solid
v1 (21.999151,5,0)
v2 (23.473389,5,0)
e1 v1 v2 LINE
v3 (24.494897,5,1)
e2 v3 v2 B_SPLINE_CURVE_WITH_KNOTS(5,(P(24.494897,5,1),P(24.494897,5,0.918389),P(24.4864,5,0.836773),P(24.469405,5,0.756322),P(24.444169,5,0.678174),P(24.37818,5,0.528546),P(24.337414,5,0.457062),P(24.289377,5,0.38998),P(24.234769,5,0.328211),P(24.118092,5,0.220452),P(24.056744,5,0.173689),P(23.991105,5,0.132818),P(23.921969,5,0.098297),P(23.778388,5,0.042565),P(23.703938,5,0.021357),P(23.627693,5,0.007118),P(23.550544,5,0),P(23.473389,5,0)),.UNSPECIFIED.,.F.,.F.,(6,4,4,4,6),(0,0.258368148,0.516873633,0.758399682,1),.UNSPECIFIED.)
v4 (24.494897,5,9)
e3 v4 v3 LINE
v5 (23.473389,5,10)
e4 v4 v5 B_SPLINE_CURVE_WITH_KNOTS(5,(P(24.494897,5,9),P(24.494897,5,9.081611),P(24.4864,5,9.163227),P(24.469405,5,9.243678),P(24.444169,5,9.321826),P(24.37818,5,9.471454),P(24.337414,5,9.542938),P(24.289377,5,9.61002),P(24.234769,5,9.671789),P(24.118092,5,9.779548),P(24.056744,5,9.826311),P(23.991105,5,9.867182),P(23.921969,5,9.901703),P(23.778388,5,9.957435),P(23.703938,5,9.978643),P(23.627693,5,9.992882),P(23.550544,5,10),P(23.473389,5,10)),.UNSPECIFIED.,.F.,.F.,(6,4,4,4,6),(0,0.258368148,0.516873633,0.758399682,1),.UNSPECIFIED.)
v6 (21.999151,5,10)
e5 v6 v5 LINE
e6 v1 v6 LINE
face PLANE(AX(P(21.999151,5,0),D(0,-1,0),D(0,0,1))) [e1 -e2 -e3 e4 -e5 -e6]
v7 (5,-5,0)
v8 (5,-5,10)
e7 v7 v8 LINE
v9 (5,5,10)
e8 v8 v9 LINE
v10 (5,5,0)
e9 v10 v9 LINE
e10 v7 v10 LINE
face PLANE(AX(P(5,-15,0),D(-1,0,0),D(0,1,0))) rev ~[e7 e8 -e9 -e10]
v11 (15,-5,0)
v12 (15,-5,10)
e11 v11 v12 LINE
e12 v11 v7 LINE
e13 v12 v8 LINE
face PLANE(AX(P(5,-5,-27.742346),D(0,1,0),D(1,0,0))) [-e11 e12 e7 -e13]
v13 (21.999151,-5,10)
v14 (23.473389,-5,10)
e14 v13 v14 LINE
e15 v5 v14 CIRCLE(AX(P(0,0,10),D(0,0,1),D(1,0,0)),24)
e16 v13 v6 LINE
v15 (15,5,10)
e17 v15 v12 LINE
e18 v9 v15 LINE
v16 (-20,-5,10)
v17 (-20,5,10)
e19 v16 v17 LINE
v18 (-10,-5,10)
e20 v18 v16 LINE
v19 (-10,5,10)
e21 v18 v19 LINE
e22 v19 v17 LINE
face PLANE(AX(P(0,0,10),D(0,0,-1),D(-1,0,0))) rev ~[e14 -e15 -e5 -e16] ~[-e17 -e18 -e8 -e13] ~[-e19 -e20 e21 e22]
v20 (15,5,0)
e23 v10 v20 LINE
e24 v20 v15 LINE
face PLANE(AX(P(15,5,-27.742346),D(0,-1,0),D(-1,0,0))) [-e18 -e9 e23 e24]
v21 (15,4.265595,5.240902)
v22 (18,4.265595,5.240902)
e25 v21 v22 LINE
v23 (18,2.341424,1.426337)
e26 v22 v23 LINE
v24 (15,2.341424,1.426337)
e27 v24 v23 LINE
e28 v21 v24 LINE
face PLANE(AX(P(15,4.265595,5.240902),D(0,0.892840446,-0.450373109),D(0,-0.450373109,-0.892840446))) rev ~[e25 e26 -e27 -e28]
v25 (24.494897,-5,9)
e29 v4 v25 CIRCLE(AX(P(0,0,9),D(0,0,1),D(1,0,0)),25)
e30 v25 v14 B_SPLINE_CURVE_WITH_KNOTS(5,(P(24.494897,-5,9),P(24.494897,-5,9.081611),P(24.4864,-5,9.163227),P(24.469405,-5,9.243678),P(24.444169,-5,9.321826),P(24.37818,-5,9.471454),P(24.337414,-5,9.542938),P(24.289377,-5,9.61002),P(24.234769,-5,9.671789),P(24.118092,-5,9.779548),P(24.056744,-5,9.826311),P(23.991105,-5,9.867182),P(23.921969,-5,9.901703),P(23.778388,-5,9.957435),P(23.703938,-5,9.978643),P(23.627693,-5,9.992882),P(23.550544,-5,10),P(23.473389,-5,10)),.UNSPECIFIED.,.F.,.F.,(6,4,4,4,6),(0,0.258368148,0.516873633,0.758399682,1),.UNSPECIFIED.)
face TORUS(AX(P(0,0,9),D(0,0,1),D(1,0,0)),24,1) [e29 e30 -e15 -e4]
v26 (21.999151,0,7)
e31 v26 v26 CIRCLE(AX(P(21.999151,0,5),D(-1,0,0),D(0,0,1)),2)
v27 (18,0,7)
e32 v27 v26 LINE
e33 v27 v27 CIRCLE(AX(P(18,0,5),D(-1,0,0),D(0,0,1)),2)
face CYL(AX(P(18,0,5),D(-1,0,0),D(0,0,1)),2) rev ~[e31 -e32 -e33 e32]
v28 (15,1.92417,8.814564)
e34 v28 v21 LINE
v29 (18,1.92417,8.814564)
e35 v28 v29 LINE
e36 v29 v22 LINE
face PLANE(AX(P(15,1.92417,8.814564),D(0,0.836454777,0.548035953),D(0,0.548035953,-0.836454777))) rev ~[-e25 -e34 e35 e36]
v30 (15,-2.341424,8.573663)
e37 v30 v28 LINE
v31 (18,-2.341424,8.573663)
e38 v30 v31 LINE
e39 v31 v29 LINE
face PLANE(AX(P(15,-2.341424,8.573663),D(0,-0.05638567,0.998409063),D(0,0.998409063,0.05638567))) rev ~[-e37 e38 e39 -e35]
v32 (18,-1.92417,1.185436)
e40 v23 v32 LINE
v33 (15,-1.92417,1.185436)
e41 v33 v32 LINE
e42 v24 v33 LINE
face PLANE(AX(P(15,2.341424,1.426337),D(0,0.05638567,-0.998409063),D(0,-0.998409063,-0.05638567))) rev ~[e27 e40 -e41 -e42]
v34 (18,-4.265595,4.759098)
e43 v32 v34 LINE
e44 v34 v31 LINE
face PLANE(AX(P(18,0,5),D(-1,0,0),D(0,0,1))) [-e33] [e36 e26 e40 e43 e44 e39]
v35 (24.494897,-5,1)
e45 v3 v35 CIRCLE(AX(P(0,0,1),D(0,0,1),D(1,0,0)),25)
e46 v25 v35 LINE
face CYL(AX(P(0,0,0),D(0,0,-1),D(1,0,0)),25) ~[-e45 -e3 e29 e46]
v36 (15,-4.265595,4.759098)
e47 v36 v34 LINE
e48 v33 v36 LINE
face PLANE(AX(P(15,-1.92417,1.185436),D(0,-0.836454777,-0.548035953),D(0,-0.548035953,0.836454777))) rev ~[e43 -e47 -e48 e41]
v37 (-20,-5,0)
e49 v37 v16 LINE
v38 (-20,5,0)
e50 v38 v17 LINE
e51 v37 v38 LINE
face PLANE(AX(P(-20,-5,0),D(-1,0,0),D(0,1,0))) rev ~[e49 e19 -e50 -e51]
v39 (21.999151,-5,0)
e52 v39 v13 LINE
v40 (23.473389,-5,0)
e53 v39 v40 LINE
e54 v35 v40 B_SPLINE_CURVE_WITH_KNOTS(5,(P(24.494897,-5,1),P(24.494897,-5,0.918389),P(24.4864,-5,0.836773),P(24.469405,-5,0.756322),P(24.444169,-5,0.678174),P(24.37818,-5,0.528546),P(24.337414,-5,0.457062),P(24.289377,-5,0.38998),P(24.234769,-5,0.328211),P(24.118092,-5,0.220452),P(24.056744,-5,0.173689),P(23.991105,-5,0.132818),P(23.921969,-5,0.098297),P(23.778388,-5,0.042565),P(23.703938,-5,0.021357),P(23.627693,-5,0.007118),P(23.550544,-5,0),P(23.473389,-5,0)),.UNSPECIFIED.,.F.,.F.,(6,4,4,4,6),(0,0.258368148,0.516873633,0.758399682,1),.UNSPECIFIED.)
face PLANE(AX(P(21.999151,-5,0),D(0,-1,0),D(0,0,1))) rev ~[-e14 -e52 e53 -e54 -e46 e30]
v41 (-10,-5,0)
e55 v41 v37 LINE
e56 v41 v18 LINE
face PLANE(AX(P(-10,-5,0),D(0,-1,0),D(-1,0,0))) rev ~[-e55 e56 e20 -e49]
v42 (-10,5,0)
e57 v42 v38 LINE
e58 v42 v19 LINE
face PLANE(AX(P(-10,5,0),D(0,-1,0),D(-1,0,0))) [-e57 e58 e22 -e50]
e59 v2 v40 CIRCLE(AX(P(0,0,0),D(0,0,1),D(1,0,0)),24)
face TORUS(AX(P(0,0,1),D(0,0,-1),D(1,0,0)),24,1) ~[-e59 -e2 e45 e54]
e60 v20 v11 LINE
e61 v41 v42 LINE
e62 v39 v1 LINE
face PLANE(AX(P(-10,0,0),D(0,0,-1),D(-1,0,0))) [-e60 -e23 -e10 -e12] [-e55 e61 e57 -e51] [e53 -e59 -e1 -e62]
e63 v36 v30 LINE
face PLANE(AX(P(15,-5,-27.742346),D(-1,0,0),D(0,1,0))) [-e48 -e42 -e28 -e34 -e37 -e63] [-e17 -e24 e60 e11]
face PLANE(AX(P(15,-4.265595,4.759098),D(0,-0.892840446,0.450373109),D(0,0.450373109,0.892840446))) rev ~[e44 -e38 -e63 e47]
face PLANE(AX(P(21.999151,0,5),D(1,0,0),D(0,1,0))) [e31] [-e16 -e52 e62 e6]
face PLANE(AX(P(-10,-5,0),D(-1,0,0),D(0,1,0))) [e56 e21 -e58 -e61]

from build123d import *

# Parameters (mm, degrees)
SKETCH1_R               = 25
BOSS_EXTRUDE1_DEPTH     = 10
CUT_EXTRUDE1_DEPTH      = 37.742346142
CUT_EXTRUDE1_DEPTH_BACK = 37.742346142
CUT_EXTRUDE2_DEPTH      = 3
SKETCH5_R               = 2
CUT_EXTRUDE4_DEPTH      = 13
FILLET1_R               = 1
CUT_EXTRUDE6_DEPTH      = 3
CUT_EXTRUDE6_DEPTH_BACK = 3
SKETCH6_W               = 10
SKETCH6_H               = 10
SKETCH7_W               = 10
SKETCH7_H               = 30
BOSS_EXTRUDE2_DEPTH     = 10
SKETCH8_W               = 10
SKETCH8_H               = 10
BOSS_EXTRUDE3_DEPTH     = 10
SKETCH9_W               = 10
SKETCH9_H               = 10
CUT_EXTRUDE7_DEPTH      = 10


with BuildPart() as part:
    # Sketch1 → Boss-Extrude1 (new body)
    with BuildSketch(Plane.XY):
        Circle(SKETCH1_R)
    extrude(amount=BOSS_EXTRUDE1_DEPTH)

    # Sketch2 → Cut-Extrude1 (cut, two sides: drawn at the far end of the back side and taken through both)
    with BuildSketch(Plane.XY.offset(10).offset(-CUT_EXTRUDE1_DEPTH_BACK)):
        Polygon((5, -5), (15, -5), (15, 5), (5, 5), (5, 15), (-5, 15), (-5, 5), (-15, 5), (-15, -5), (-5, -5), (-5, -15), (5, -15), align=None)
    extrude(amount=CUT_EXTRUDE1_DEPTH + CUT_EXTRUDE1_DEPTH_BACK, mode=Mode.SUBTRACT)

    # Sketch4 → Cut-Extrude2 (cut)
    with BuildSketch(Plane.ZY.offset(-15)):
        Polygon((4.759098318, -4.265594884), (8.57366269, -2.341424419), (8.814564373, 1.924170465), (5.240901682, 4.265594884), (1.42633731, 2.341424419), (1.185435627, -1.924170465), align=None)
    extrude(amount=-CUT_EXTRUDE2_DEPTH, mode=Mode.SUBTRACT)

    # Sketch5 → Cut-Extrude4 (cut)
    with BuildSketch(Plane.ZY.offset(-18)):
        with Locations((5, 0)):
            Circle(SKETCH5_R)
    extrude(amount=-CUT_EXTRUDE4_DEPTH, mode=Mode.SUBTRACT)

    # Fillet1
    fillet1_edges = [part.edges().sort_by_distance(p)[0] for p in [
        (-25, 0, 0),
        (-25, 0, 10),
    ]]
    fillet(fillet1_edges, radius=FILLET1_R)

    # Sketch6 → Cut-Extrude6 (cut, two sides: drawn at the far end of the back side and taken through both)
    with BuildSketch(Plane.YZ.offset(24.999151456).offset(-CUT_EXTRUDE6_DEPTH_BACK)):
        with Locations((0, 5)):
            Rectangle(SKETCH6_W, SKETCH6_H)
    extrude(amount=CUT_EXTRUDE6_DEPTH + CUT_EXTRUDE6_DEPTH_BACK, mode=Mode.SUBTRACT)

    # Sketch7 → Boss-Extrude2 (add)
    with BuildSketch(Plane(origin=(0, 0, 0), x_dir=(-1, 0, 0), z_dir=(0, 0, -1))):
        Rectangle(SKETCH7_W, SKETCH7_H)
    extrude(amount=-BOSS_EXTRUDE2_DEPTH)

    # Sketch8 → Boss-Extrude3 (add)
    with BuildSketch(Plane(origin=(0, 0, 0), x_dir=(-1, 0, 0), z_dir=(0, 0, -1))):
        with Locations((10, 0)):
            Rectangle(SKETCH8_W, SKETCH8_H)
    extrude(amount=-BOSS_EXTRUDE3_DEPTH)

    # Sketch9 → Cut-Extrude7 (cut)
    with BuildSketch(Plane(origin=(0, 0, 0), x_dir=(-1, 0, 0), z_dir=(0, 0, -1))):
        with Locations((15, 0)):
            Rectangle(SKETCH9_W, SKETCH9_H)
    extrude(amount=-CUT_EXTRUDE7_DEPTH, mode=Mode.SUBTRACT)


solid = part.part
